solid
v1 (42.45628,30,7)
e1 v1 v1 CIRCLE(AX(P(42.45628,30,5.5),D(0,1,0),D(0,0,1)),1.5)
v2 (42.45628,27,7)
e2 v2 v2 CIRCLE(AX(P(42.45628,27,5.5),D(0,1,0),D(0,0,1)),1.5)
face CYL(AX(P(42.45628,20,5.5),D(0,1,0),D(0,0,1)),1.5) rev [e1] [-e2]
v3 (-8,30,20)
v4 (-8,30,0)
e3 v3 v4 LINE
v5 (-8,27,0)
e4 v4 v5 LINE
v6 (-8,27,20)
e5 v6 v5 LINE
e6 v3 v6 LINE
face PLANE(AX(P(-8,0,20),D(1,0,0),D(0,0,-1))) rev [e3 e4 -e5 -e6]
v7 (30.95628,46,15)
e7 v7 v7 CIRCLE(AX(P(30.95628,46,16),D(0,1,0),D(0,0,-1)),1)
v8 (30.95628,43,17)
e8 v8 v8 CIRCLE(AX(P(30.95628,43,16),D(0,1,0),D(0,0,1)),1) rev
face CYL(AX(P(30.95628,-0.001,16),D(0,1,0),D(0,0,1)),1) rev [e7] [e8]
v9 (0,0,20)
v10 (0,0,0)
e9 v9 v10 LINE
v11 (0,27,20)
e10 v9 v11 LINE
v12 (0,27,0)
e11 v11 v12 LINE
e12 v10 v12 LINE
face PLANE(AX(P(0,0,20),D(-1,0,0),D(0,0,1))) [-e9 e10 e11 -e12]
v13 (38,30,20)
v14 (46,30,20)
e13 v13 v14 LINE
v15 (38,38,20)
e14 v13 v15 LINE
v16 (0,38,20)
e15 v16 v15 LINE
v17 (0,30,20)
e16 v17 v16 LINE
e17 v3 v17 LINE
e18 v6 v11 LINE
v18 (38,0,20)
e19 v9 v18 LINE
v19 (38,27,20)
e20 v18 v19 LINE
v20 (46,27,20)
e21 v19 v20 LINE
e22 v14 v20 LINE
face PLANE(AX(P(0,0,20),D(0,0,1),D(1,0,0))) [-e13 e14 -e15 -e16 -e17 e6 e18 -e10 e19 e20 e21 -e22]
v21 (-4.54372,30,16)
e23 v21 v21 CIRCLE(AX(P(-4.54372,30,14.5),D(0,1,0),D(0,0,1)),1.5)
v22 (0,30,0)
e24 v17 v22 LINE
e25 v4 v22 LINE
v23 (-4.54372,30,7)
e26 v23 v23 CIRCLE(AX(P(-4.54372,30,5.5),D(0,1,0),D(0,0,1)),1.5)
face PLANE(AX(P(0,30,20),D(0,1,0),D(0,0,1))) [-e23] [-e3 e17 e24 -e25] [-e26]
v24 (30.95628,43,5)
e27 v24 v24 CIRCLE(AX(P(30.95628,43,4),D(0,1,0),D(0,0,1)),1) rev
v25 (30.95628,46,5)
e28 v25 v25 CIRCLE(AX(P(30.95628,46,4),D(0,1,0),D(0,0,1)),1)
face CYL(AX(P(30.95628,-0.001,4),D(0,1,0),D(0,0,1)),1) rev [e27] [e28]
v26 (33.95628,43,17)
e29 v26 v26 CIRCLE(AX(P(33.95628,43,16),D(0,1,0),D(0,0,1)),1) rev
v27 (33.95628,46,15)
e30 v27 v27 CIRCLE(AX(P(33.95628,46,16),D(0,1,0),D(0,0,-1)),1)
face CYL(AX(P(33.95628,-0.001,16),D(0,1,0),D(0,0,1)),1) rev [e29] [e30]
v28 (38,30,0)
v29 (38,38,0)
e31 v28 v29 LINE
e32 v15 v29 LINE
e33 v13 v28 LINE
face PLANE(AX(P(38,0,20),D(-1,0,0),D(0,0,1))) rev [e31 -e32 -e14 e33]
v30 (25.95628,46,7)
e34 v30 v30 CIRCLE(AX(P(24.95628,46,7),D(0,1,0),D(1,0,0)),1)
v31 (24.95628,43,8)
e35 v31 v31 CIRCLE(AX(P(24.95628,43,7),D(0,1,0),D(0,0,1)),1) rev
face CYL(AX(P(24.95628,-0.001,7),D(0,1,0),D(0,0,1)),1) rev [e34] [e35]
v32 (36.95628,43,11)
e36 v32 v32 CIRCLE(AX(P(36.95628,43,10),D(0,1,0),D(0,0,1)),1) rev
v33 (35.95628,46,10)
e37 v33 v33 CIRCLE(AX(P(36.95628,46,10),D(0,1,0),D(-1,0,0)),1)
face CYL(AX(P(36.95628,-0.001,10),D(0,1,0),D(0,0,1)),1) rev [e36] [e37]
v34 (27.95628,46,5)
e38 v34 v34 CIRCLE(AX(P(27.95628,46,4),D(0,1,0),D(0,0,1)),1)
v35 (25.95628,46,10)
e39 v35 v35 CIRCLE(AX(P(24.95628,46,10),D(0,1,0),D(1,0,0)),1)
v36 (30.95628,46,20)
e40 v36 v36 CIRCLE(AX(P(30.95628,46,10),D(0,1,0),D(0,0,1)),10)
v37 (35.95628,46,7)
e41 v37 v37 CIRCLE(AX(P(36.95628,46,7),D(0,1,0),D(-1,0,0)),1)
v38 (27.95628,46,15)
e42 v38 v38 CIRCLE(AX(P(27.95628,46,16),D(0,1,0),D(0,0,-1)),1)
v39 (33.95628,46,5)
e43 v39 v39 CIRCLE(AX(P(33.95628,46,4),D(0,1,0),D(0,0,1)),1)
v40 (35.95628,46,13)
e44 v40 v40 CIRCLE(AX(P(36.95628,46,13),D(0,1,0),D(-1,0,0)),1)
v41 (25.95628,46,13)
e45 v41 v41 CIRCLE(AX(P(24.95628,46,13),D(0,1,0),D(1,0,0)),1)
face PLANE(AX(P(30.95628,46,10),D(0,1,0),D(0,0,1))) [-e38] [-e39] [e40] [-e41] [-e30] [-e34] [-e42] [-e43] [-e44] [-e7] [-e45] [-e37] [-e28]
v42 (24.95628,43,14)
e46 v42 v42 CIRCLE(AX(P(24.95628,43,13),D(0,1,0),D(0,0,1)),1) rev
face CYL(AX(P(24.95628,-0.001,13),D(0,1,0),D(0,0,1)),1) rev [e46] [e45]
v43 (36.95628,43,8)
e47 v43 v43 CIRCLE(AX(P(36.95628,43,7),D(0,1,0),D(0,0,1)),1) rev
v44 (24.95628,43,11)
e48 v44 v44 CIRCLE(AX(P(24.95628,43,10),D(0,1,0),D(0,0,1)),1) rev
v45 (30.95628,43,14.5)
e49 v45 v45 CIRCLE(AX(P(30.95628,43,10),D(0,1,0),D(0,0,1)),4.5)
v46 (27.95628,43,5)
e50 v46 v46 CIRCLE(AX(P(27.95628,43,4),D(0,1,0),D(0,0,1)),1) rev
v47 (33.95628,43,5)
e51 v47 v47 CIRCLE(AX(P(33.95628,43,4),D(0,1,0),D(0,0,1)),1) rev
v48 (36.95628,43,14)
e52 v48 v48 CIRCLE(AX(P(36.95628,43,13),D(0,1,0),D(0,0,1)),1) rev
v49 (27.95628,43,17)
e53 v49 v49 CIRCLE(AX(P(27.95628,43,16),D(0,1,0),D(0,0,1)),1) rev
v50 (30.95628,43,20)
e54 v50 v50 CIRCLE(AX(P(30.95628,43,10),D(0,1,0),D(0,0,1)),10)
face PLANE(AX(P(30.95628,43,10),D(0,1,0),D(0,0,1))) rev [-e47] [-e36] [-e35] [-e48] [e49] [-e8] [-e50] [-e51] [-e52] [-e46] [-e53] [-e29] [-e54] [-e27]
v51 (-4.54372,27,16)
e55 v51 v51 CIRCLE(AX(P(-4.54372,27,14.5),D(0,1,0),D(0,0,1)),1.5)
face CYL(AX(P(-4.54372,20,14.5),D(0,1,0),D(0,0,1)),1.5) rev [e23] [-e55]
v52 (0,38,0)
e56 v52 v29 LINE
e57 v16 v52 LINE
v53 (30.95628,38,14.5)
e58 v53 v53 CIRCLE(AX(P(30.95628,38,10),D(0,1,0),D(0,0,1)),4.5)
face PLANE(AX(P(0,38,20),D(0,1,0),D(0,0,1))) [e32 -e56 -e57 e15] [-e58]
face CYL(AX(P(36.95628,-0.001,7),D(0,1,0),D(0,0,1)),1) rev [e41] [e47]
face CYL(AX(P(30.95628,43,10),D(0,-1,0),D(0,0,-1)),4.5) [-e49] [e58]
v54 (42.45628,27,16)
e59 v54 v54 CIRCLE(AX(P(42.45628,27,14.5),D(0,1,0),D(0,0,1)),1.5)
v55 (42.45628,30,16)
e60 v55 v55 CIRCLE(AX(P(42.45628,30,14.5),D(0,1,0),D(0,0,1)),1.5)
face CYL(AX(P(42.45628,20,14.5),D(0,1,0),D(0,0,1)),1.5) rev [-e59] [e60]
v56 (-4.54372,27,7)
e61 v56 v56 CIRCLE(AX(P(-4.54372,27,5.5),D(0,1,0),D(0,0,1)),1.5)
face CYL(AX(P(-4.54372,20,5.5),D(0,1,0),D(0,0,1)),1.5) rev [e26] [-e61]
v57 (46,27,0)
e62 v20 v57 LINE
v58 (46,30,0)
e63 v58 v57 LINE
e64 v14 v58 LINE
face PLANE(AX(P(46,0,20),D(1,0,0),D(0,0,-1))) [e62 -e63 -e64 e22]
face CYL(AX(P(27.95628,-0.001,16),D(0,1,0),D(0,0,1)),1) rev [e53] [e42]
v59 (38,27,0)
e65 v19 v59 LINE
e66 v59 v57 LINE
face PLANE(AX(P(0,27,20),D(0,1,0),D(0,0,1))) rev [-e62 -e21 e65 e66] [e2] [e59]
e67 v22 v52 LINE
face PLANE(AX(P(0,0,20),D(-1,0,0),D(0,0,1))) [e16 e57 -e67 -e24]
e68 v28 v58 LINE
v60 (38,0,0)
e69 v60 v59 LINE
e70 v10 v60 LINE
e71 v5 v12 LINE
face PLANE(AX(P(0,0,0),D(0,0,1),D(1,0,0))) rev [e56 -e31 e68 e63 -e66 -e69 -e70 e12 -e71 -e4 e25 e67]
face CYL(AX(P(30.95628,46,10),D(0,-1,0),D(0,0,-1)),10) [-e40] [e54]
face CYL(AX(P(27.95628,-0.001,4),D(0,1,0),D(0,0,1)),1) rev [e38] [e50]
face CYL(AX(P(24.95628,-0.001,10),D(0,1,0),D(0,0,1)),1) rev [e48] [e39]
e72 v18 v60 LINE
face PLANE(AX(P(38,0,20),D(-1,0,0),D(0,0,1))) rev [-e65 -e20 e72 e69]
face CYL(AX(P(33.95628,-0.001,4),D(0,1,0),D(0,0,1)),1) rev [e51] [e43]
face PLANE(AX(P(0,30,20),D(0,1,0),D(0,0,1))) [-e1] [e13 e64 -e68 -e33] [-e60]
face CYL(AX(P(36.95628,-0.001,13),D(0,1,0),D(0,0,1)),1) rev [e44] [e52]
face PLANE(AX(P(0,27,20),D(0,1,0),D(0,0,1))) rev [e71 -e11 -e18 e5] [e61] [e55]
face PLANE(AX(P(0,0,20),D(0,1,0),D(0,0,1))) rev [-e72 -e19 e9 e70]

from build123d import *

# Parameters (mm, degrees)
SKETCH1_W           = 38
SKETCH1_H           = 27
SKETCH1_H_2         = 3
SKETCH1_H_3         = 8
SKETCH1_W_2         = 8
BOSS_EXTRUDE1_DEPTH = 20
SKETCH2_R           = 4.5
BOSS_EXTRUDE2_DEPTH = 5
SKETCH3_R           = 10
BOSS_EXTRUDE3_DEPTH = 3
SKETCH4_R           = 1.5
CUT_EXTRUDE1_DEPTH  = 10
SKETCH5_R           = 1
CUT_EXTRUDE2_DEPTH  = 3
CIRPATTERN1_COUNT   = 4


with BuildPart() as part:
    # Sketch1 → Boss-Extrude1 (new body)
    with BuildSketch(Plane.XY):
        with Locations((19, 13.5)):
            Rectangle(SKETCH1_W, SKETCH1_H)
        with Locations((19, 28.5)):
            Rectangle(SKETCH1_W, SKETCH1_H_2)
        with Locations((19, 34)):
            Rectangle(SKETCH1_W, SKETCH1_H_3)
        with Locations((42, 28.5)):
            Rectangle(SKETCH1_W_2, SKETCH1_H_2)
        with Locations((-4, 28.5)):
            Rectangle(SKETCH1_W_2, SKETCH1_H_2)
    extrude(amount=BOSS_EXTRUDE1_DEPTH)

    # Sketch2 → Boss-Extrude2 (add)
    with BuildSketch(Plane(origin=(0, 38, 0), x_dir=(1, 0, 0), z_dir=(0, 1, 0))):
        with Locations((30.956279898, -10)):
            Circle(SKETCH2_R)
    extrude(amount=BOSS_EXTRUDE2_DEPTH)

    # Sketch3 → Boss-Extrude3 (add)
    with BuildSketch(Plane(origin=(0, 43, 0), x_dir=(1, 0, 0), z_dir=(0, 1, 0))):
        with Locations((30.956279898, -10)):
            Circle(SKETCH3_R)
    extrude(amount=BOSS_EXTRUDE3_DEPTH)

    # Sketch4 → Cut-Extrude1 (cut)
    with BuildSketch(Plane(origin=(0, 30, 0), x_dir=(1, 0, 0), z_dir=(0, 1, 0))):
        with Locations((42.456279898, -14.5)):
            Circle(SKETCH4_R)
        with Locations((42.456279898, -5.5)):
            Circle(SKETCH4_R)
        with Locations((-4.543720102, -14.5)):
            Circle(SKETCH4_R)
        with Locations((-4.543720102, -5.5)):
            Circle(SKETCH4_R)
    extrude(amount=-CUT_EXTRUDE1_DEPTH, mode=Mode.SUBTRACT)

    # Sketch5 → Cut-Extrude2 (cut)
    with BuildSketch(Plane(origin=(0, 46, 0), x_dir=(1, 0, 0), z_dir=(0, 1, 0))):
        with Locations((30.956279898, -4)):
            Circle(SKETCH5_R)
        with Locations((27.956279898, -4)):
            Circle(SKETCH5_R)
        with Locations((33.956279898, -4)):
            Circle(SKETCH5_R)
    cut_extrude2 = extrude(amount=-CUT_EXTRUDE2_DEPTH, mode=Mode.SUBTRACT)

    # CirPattern1: Cut-Extrude2 ×4 about axis
    cirpattern1_axis = Axis((30.956279898, 0, 10), (0, 1, 0))
    for i in range(1, CIRPATTERN1_COUNT):
        add(cut_extrude2.rotate(cirpattern1_axis, i * 360 / CIRPATTERN1_COUNT), mode=Mode.SUBTRACT)


solid = part.part
